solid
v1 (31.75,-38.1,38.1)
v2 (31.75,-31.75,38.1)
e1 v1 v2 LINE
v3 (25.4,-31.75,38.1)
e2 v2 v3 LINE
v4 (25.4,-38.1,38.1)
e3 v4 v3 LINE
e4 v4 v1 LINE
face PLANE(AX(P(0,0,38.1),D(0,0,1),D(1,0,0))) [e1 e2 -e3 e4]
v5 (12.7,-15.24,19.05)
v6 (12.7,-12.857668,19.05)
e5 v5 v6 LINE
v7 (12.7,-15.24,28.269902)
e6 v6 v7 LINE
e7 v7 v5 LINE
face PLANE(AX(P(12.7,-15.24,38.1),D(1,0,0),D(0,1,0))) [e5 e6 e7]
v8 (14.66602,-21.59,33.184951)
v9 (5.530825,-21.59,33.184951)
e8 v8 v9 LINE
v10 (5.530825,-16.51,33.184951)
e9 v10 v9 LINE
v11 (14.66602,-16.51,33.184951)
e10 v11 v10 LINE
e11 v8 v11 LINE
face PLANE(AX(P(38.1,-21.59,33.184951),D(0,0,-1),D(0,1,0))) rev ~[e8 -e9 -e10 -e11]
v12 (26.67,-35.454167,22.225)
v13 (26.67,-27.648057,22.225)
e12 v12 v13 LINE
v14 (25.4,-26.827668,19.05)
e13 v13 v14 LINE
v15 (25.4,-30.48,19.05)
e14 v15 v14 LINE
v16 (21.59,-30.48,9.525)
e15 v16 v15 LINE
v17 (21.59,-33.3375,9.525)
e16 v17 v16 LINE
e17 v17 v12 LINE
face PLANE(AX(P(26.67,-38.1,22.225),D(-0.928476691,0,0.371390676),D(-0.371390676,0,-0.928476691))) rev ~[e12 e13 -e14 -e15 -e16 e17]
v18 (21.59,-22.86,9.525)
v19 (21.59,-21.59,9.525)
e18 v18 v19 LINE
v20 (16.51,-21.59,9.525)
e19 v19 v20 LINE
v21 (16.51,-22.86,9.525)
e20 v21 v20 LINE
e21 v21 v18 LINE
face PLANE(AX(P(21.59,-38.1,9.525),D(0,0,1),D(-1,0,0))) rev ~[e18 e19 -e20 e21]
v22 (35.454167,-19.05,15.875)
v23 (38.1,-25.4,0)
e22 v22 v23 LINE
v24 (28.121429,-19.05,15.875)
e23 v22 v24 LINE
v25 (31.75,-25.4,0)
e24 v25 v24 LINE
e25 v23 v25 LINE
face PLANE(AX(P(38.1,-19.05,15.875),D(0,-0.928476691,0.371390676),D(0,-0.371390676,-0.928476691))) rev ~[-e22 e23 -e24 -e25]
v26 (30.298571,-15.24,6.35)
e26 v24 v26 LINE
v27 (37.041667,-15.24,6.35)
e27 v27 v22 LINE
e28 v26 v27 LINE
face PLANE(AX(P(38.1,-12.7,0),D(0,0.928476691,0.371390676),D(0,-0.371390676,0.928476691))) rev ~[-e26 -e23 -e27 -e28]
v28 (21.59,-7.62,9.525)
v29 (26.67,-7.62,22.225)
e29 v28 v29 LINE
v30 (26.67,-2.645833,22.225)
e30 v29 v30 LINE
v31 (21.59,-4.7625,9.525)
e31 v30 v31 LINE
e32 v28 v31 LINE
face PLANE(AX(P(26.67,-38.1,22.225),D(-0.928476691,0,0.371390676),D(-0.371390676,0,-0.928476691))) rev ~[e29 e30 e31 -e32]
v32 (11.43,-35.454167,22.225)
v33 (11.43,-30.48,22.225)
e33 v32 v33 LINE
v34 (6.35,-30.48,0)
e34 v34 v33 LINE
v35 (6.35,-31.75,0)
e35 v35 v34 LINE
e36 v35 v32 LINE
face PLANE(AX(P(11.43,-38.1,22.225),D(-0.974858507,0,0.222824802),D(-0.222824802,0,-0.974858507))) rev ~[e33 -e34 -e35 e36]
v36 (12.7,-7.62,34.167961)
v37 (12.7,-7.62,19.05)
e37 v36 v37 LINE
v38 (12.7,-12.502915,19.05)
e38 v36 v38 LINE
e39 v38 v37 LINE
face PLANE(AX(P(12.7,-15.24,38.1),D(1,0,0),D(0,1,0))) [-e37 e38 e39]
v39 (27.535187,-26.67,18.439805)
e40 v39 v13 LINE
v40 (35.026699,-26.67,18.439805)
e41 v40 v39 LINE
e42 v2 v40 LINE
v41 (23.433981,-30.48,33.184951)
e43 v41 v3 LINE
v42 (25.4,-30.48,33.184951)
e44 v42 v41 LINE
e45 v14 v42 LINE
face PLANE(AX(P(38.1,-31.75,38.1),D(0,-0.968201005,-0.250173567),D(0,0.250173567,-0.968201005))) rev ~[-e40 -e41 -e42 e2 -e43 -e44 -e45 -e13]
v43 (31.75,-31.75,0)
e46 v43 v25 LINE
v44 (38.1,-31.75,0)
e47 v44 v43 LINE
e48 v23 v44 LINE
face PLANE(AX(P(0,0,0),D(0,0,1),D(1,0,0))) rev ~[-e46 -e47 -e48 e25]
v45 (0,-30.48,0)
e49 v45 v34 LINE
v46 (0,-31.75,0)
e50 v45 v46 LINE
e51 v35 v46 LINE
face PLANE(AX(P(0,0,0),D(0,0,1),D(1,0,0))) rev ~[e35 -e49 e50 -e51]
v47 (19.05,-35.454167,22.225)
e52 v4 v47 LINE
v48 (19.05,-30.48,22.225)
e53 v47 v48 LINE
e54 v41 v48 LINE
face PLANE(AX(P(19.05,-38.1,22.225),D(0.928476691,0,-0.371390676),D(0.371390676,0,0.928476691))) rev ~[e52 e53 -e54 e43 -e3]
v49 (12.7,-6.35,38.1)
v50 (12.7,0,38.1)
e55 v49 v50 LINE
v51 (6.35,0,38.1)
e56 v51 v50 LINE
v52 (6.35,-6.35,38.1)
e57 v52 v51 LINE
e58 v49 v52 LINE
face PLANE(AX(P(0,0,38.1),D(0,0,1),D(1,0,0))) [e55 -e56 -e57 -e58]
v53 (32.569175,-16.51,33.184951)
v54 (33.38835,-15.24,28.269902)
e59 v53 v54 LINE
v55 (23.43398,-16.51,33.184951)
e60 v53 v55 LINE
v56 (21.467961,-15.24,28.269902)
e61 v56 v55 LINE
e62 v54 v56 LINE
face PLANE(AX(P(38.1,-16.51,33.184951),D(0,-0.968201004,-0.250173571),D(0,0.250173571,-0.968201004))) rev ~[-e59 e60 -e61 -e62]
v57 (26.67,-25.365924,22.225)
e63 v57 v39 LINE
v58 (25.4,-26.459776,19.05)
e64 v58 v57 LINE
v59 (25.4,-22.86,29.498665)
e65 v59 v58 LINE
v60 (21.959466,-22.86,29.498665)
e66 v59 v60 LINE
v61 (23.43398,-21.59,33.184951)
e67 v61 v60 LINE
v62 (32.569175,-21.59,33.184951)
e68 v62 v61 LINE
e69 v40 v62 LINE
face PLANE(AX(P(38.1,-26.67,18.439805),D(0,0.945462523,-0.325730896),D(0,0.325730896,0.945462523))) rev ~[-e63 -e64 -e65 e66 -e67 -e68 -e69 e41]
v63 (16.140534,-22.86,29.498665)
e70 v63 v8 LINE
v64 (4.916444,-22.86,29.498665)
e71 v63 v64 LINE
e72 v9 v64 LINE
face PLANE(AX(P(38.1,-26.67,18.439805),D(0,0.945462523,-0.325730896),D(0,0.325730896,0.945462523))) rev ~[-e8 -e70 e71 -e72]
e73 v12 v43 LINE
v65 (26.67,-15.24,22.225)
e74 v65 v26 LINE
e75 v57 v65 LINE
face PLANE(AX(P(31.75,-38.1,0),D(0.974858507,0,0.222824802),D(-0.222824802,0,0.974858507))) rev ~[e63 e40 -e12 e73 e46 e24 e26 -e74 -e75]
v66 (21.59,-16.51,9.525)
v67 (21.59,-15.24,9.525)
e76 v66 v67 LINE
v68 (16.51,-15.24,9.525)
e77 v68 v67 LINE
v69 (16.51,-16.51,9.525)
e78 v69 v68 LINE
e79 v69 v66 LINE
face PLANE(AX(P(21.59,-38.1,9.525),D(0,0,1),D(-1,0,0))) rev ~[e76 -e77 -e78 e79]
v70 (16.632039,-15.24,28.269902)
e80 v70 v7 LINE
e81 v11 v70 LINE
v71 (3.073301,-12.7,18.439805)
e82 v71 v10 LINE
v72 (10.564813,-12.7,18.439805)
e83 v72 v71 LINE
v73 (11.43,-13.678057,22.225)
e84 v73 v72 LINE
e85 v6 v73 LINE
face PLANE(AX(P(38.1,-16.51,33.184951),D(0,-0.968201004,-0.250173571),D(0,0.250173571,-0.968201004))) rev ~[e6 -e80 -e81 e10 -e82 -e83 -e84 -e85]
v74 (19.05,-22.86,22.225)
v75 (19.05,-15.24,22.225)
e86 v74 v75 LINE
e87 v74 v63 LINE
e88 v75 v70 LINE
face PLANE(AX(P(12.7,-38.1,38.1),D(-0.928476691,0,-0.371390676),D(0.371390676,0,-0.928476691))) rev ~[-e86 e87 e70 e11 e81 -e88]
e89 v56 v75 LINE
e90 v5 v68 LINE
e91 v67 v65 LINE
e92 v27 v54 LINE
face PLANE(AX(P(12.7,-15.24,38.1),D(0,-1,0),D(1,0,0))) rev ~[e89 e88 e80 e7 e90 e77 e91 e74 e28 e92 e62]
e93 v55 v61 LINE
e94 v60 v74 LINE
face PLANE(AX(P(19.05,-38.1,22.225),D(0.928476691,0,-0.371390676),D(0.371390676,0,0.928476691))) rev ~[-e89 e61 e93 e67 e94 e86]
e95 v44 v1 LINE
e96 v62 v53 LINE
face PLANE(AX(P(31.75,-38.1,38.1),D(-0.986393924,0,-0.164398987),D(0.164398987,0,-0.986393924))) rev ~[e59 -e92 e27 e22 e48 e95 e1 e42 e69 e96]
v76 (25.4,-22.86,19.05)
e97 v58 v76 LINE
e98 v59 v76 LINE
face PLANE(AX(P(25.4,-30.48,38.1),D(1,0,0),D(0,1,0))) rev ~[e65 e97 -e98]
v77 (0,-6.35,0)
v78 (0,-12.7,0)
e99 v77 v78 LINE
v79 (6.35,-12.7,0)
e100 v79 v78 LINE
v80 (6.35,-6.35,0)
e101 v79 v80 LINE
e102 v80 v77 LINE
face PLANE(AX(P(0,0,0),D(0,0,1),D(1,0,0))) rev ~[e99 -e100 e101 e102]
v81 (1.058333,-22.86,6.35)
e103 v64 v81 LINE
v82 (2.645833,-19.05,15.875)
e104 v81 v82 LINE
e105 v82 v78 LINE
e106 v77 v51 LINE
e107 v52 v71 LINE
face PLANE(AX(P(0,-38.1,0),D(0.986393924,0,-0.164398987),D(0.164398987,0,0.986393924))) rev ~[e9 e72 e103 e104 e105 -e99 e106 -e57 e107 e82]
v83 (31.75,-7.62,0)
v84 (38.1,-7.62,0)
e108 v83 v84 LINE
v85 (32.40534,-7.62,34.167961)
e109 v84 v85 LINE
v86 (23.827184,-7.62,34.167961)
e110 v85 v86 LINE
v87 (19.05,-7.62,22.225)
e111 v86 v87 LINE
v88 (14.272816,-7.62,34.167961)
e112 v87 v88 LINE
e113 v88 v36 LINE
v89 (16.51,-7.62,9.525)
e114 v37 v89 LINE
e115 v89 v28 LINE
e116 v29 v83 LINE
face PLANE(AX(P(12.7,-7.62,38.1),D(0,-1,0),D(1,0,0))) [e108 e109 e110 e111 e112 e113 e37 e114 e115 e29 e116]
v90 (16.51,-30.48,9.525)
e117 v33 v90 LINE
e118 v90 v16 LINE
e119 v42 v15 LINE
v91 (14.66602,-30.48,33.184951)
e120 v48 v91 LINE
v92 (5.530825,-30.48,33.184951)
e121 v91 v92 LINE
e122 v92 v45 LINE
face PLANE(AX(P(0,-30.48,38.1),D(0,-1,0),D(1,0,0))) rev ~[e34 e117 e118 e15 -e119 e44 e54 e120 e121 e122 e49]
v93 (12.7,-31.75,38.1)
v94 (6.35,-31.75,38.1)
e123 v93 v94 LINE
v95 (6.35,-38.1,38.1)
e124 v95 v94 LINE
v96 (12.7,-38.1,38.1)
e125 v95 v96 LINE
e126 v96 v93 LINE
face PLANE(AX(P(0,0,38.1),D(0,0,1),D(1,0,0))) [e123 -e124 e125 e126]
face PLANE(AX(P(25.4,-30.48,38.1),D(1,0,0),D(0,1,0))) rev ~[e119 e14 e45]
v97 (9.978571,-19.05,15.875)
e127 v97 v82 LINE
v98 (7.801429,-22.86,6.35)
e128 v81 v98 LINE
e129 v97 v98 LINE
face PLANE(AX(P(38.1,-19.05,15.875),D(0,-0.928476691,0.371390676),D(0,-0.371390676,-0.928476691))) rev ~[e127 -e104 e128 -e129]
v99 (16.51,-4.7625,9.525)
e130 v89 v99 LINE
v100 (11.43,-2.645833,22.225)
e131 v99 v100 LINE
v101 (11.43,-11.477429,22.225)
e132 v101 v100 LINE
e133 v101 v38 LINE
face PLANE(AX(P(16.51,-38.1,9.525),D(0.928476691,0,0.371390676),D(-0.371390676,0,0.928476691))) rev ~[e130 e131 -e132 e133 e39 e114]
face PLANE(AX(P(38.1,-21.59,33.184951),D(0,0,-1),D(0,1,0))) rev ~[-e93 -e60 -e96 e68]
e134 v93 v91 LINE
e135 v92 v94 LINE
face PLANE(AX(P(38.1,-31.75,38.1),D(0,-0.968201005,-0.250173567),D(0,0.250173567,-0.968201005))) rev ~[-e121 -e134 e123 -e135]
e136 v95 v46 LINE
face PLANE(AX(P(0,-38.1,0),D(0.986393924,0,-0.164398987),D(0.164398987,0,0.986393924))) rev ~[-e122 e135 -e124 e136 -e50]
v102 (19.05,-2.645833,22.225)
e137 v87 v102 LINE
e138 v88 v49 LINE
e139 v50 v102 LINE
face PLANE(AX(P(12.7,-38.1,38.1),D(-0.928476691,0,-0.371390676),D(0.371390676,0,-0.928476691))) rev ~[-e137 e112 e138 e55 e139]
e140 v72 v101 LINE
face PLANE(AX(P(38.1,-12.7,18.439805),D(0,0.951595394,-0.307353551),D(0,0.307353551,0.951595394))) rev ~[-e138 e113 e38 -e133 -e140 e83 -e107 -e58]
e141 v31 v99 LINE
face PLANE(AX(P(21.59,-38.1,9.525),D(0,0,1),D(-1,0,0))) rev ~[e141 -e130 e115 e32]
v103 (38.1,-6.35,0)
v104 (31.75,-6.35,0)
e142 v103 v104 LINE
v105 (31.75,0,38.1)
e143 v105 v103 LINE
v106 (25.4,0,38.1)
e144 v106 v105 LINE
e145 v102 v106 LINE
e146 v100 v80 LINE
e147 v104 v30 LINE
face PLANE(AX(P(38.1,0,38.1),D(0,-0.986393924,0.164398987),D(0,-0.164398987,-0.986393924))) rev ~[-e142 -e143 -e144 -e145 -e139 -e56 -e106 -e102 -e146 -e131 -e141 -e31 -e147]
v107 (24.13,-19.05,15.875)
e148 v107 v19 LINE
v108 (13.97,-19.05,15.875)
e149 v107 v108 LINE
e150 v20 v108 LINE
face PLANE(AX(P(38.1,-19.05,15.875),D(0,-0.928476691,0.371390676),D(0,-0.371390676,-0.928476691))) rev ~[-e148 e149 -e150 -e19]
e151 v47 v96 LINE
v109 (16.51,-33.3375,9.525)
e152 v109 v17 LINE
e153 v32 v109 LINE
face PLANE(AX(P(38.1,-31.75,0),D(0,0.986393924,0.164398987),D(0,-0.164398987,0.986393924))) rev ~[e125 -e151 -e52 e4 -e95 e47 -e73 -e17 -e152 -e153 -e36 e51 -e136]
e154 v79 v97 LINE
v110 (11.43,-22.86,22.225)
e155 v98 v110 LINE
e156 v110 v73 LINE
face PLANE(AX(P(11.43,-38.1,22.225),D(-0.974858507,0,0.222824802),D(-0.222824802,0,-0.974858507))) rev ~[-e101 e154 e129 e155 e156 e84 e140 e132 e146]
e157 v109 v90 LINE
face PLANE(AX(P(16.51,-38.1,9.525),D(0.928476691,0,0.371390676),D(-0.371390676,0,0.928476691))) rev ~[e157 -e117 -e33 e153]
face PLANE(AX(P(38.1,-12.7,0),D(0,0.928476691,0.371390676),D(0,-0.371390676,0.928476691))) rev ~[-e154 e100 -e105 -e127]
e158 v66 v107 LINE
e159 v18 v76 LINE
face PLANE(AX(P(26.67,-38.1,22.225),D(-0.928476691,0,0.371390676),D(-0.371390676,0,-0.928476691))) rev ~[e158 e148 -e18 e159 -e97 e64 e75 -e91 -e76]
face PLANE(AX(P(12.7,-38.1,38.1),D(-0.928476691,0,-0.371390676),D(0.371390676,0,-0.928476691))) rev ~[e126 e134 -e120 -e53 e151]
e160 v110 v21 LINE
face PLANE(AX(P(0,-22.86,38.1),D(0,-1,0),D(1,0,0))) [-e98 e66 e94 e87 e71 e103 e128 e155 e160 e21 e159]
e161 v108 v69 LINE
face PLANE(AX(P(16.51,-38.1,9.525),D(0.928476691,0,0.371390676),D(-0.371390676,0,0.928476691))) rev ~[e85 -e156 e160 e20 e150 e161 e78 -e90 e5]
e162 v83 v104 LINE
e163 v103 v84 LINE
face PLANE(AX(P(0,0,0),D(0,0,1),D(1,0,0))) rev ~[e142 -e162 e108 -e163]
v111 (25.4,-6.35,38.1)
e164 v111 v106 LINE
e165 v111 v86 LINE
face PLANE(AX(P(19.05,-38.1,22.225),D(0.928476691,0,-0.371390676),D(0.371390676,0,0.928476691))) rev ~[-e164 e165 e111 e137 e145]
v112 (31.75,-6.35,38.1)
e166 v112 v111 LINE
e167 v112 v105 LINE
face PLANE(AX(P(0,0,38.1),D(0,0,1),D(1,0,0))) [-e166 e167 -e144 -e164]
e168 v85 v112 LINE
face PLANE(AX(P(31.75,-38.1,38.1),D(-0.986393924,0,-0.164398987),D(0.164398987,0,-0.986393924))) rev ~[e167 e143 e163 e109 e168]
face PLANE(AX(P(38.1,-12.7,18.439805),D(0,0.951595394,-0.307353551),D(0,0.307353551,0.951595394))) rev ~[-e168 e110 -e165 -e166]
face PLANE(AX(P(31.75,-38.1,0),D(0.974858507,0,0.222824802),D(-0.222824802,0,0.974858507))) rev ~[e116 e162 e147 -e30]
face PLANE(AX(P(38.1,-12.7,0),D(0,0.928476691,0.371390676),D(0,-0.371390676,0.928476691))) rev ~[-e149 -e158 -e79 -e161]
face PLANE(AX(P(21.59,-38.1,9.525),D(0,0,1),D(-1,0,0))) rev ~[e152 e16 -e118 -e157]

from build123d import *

# Parameters (mm, degrees)
F0_W      = 38.1
F0_H      = 38.1
F1_DEPTH  = 38.1
F6_DEPTH  = 38.1
F8_DEPTH  = 38.1
F9_W      = 25.4
F9_H      = 7.62
F10_DEPTH = 38.1


with BuildPart() as f1:
    # F0 (on Front) → F1 (new body)
    with BuildSketch(Plane.XZ):
        with Locations((19.05, 19.05)):
            Rectangle(F0_W, F0_H)
    extrude(amount=F1_DEPTH)

    # F5 (on offset) → F6 (cut)
    with BuildSketch(Plane.YZ.offset(38.1)):
        Polygon((-38.1, 0), (-31.75, 0), (-38.1, 38.1), align=None)
        Polygon((-12.7, 18.439805), (-6.35, 38.1), (-31.75, 38.1), (-26.67, 18.439805), (-21.59, 33.184951), (-16.51, 33.184951), align=None)
        Polygon((-25.4, 0), (-12.7, 0), (-19.05, 15.875), align=None)
        Polygon((-6.35, 0), (0, 0), (0, 38.1), align=None)
    extrude(amount=-F6_DEPTH, mode=Mode.SUBTRACT)

    # F7 (on offset) → F8 (cut)
    with BuildSketch(Plane.XZ.offset(38.1)):
        Polygon((0, 38.1), (0, 0), (6.35, 38.1), align=None)
        Polygon((11.43, 22.225), (6.35, 0), (31.75, 0), (26.67, 22.225), (21.59, 9.525), (16.51, 9.525), align=None)
        Polygon((25.4, 38.1), (12.7, 38.1), (19.05, 22.225), align=None)
        Polygon((31.75, 38.1), (38.1, 0), (38.1, 38.1), align=None)
    extrude(amount=-F8_DEPTH, mode=Mode.SUBTRACT)

    # F9 (on offset) → F10 (cut)
    with BuildSketch(Plane.XY.offset(38.1)):
        with Locations((25.4, -11.43)):
            Rectangle(F9_W, F9_H)
        with Locations((12.7, -26.67)):
            Rectangle(F9_W, F9_H)
    extrude(amount=-F10_DEPTH, mode=Mode.SUBTRACT)


solid = f1.part
